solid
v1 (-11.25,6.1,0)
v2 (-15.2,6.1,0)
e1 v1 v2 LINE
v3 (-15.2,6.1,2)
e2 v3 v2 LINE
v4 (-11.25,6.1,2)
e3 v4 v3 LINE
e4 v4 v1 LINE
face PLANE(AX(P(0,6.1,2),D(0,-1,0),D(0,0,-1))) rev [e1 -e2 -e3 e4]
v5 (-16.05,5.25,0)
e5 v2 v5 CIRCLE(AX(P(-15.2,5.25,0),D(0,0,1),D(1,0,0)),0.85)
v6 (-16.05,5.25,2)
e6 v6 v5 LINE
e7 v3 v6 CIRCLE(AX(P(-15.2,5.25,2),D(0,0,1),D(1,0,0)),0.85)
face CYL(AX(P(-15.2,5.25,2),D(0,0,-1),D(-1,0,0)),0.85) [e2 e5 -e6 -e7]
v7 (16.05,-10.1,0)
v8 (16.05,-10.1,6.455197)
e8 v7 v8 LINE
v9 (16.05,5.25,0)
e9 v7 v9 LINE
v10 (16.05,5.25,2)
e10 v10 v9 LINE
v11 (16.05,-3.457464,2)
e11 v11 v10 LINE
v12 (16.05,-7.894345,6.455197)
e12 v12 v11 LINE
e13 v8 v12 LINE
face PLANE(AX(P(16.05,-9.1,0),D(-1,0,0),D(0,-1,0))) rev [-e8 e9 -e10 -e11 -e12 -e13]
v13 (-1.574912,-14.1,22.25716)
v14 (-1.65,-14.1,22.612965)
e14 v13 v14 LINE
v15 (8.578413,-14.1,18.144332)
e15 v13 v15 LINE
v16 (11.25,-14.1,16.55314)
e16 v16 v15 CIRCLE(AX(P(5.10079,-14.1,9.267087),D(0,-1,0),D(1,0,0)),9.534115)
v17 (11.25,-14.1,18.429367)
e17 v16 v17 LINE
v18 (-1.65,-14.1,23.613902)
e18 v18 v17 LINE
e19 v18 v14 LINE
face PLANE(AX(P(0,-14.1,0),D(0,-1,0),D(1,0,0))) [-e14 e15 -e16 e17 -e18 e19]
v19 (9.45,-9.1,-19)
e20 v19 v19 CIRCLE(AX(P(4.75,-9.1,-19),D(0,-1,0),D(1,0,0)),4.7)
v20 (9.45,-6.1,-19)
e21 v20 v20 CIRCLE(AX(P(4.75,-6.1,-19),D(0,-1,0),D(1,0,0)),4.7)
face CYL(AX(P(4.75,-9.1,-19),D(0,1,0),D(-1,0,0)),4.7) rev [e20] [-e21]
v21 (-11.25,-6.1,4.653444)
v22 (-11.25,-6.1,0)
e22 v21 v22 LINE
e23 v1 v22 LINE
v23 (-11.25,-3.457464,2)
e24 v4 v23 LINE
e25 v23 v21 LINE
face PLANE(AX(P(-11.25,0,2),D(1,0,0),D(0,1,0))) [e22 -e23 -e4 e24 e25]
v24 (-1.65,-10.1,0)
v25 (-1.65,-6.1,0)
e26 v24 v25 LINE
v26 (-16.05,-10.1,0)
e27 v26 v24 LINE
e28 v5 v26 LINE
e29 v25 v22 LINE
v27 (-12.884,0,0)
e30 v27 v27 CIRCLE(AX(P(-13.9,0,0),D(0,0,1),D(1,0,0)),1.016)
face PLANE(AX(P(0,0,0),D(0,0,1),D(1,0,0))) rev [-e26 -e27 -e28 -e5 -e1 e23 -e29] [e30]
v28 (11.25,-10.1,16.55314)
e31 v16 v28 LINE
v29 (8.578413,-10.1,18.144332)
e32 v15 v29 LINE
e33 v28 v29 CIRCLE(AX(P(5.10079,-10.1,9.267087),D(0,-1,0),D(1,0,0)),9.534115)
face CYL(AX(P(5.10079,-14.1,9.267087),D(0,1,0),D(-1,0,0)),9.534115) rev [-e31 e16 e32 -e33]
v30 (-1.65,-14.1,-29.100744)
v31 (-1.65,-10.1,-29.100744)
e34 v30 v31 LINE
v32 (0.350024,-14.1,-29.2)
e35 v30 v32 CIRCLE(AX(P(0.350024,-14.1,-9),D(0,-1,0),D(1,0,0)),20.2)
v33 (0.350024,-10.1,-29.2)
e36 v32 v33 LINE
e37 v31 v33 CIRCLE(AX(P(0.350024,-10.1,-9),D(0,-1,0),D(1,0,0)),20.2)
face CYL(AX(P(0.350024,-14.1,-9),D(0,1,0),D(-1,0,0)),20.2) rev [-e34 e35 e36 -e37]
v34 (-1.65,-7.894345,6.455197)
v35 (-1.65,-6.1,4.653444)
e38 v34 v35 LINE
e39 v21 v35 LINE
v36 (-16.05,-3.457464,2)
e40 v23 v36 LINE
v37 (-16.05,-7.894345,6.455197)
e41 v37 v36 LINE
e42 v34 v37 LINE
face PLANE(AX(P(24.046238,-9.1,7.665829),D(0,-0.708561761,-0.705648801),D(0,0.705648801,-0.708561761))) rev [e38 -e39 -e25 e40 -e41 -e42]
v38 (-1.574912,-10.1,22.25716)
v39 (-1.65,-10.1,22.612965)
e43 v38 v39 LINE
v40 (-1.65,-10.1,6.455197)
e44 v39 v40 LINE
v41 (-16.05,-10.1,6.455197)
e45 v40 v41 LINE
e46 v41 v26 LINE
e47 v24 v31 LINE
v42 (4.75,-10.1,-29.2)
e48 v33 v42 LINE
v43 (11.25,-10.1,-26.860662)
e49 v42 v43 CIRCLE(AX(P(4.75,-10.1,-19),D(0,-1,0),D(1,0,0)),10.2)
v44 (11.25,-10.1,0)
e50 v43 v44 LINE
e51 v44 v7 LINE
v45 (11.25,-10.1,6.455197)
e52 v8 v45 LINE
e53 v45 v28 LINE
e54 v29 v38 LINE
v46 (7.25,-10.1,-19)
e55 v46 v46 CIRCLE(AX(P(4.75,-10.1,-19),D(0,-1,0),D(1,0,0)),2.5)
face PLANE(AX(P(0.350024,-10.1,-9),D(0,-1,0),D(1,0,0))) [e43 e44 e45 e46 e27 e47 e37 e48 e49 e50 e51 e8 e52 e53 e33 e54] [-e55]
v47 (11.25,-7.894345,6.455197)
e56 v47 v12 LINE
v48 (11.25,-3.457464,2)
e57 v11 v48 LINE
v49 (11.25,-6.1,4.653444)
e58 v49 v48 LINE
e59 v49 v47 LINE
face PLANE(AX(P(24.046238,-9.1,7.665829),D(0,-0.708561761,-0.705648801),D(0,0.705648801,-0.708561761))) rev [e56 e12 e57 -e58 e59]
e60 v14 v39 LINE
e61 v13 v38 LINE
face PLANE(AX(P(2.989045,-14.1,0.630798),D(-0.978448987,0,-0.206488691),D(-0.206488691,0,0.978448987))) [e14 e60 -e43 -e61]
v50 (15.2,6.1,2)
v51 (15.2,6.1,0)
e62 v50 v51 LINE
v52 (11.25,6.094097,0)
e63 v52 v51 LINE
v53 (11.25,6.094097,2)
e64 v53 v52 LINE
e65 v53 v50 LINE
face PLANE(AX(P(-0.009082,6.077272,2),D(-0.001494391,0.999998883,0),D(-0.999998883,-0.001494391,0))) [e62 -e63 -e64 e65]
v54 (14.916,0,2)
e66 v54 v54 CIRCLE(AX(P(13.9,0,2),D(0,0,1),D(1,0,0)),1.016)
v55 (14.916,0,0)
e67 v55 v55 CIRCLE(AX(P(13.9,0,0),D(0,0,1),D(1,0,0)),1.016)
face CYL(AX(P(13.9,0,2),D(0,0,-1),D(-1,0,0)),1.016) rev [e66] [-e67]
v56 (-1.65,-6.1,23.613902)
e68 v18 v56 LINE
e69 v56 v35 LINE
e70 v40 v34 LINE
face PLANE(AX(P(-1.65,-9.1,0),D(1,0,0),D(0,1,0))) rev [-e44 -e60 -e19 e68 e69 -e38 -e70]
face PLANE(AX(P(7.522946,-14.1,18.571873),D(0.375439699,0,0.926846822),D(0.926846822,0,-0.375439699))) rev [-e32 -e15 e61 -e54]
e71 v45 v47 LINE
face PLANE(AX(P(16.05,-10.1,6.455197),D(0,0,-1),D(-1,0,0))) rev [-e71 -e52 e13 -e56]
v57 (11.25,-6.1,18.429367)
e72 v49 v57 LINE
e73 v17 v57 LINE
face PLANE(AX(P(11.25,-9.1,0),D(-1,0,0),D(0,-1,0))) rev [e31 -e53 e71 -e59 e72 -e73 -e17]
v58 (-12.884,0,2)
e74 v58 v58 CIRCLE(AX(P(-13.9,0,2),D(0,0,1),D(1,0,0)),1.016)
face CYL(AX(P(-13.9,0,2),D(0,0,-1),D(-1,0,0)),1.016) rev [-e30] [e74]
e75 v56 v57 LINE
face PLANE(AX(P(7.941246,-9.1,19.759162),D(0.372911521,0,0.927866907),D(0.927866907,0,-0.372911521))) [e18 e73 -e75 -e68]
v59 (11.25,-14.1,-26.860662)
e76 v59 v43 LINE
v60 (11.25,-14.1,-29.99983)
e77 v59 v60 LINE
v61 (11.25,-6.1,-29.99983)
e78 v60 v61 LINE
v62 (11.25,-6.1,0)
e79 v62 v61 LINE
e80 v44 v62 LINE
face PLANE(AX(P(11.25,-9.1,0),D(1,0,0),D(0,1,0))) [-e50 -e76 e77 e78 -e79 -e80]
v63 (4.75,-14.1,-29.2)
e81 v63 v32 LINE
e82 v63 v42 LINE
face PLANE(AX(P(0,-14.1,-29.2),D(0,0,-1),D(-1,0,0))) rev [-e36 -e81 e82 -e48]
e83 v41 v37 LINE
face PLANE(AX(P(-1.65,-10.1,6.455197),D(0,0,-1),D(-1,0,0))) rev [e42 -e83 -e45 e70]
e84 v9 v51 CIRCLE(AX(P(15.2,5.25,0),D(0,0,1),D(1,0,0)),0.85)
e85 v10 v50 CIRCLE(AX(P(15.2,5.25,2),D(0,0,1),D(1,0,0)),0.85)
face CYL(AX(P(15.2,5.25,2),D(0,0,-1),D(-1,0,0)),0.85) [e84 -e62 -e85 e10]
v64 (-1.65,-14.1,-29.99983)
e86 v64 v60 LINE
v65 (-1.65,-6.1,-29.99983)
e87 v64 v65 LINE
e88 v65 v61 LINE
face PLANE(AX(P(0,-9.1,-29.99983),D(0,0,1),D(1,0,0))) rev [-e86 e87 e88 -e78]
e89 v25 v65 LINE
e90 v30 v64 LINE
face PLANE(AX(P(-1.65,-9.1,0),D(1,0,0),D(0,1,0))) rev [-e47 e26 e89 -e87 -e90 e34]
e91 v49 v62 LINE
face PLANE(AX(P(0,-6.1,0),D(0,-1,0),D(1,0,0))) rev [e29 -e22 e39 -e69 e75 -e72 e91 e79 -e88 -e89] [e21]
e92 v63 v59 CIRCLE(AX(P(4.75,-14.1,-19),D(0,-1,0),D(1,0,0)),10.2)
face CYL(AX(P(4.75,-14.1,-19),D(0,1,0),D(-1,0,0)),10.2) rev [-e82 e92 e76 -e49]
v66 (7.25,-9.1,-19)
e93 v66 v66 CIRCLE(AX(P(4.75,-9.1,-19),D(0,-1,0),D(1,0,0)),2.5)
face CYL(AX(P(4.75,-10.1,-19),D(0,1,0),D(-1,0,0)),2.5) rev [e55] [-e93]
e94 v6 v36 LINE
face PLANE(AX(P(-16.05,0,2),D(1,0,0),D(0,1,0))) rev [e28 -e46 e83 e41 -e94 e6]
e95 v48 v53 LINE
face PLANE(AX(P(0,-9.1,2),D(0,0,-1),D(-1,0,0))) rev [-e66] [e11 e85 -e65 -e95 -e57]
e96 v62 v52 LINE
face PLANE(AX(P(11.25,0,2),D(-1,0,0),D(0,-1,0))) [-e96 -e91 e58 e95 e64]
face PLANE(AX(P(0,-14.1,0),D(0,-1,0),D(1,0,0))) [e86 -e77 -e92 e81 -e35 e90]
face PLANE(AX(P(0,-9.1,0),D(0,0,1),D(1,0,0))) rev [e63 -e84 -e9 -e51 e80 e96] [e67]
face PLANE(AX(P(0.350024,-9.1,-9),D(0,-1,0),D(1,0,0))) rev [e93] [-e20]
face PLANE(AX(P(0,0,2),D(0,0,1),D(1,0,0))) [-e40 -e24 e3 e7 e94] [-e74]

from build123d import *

# Parameters (mm, degrees)
SKETCH1_R           = 1.016
BOSS_EXTRUDE1_DEPTH = 2
SKETCH2_R           = 4.7
BOSS_EXTRUDE2_DEPTH = 3
BOSS_EXTRUDE5_DEPTH = 8
BOSS_EXTRUDE6_START = -27.3
BOSS_EXTRUDE6_DEPTH = 32.1
SKETCH4_W           = 22.5
SKETCH4_H           = 14.127681706
CUT_EXTRUDE1_DEPTH  = 7
FILLET1_R           = 0.5
SKETCH5_R           = 2.5
BOSS_EXTRUDE7_DEPTH = 1
SKETCH6_W           = 5.313656685
SKETCH6_H           = 4.599259183
SKETCH6_W_2         = 16.163165117
SKETCH6_H_2         = 5.344557169
CUT_EXTRUDE2_DEPTH  = 5


with BuildPart() as part:
    # Sketch1 → Boss-Extrude1 (new body)
    # profile 1 of 4: a face of its own
    with BuildSketch(Plane.XY):
        with BuildLine():
            Line((-16.05, 5.25), (-16.05, -5.25))
            ThreePointArc((-16.05, -5.25), (-15.801040764, -5.851040764), (-15.2, -6.1))
            Line((-15.2, -6.1), (-11.25, -6.1))
            Line((-11.25, -6.1), (-11.25, 6.1))
            Line((-11.25, 6.1), (-15.2, 6.1))
            ThreePointArc((-15.2, 6.1), (-15.801040764, 5.851040764), (-16.05, 5.25))
        make_face()
        with Locations((-13.9, 0)):
            Circle(SKETCH1_R, mode=Mode.SUBTRACT)
    # profile 2 of 4: a face of its own
    with BuildSketch(Plane.XY):
        with BuildLine():
            Line((16.05, 5.25), (16.05, -5.25))
            ThreePointArc((16.05, -5.25), (15.801040764, -5.851040764), (15.2, -6.1))
            Line((15.2, -6.1), (11.25, -6.1))
            Line((11.25, -6.1), (11.25, 6.094097151))
            Line((11.25, 6.094097151), (15.2, 6.1))
            ThreePointArc((15.2, 6.1), (15.801040764, 5.851040764), (16.05, 5.25))
        make_face()
        with Locations((13.9, 0)):
            Circle(SKETCH1_R, mode=Mode.SUBTRACT)
    # profile 3 of 4: a face of its own
    with BuildSketch(Plane.XY):
        with BuildLine():
            ThreePointArc((15.2, -6.1), (15.801040764, -5.851040764), (16.05, -5.25))
            Line((16.05, -5.25), (16.05, -6.1))
            Line((16.05, -6.1), (15.2, -6.1))
        make_face()
    # profile 4 of 4: a face of its own
    with BuildSketch(Plane.XY):
        with BuildLine():
            ThreePointArc((-16.05, -5.25), (-15.801040764, -5.851040764), (-15.2, -6.1))
            Line((-15.2, -6.1), (-16.05, -6.1))
            Line((-16.05, -6.1), (-16.05, -5.25))
        make_face()
    extrude(amount=BOSS_EXTRUDE1_DEPTH)

    # Sketch2 → Boss-Extrude2 (add)
    with BuildSketch(Plane.XZ.offset(6.1)):
        Polygon((16.05, 2), (11.25, 2), (11.25, 18.429366849), (-1.65, 23.613902023), (-1.65, 2), (-16.05, 2), (-16.05, 0), (-1.65, 0), (-1.65, -29.999830432), (11.25, -29.999830432), (11.25, 0), (16.05, 0), align=None)
        with Locations((4.75, -19)):
            Circle(SKETCH2_R, mode=Mode.SUBTRACT)
    extrude(amount=BOSS_EXTRUDE2_DEPTH)

    # Sketch2<3> → Boss-Extrude5 (add)
    with BuildSketch(Plane.XZ.offset(6.1)):
        with BuildLine():
            ThreePointArc((8.578413339, 18.144332102), (9.979514579, 17.458386729), (11.25, 16.553139508))
            Line((11.25, 16.553139508), (11.25, 18.429366849))
            Line((11.25, 18.429366849), (-1.65, 23.613902023))
            Line((-1.65, 23.613902023), (-1.65, 22.612965014))
            Line((-1.65, 22.612965014), (-1.57491206, 22.257159966))
            Line((-1.57491206, 22.257159966), (8.578413339, 18.144332102))
        make_face()
        with BuildLine():
            ThreePointArc((0.350023778, -29.2), (-0.651218811, -29.175170712), (-1.65, -29.100743889))
            Line((-1.65, -29.100743889), (-1.65, -29.999830432))
            Line((-1.65, -29.999830432), (11.25, -29.999830432))
            Line((11.25, -29.999830432), (11.25, -26.86066155))
            ThreePointArc((11.25, -26.86066155), (8.204073841, -28.597362862), (4.75, -29.2))
            Line((4.75, -29.2), (0.350023778, -29.2))
        make_face()
    extrude(amount=BOSS_EXTRUDE5_DEPTH)

    # Sketch3 → Boss-Extrude6 (add)
    with BuildSketch(Plane(origin=(11.25, 0, 0), x_dir=(0, 0, -1), z_dir=(1, 0, 0)).offset(BOSS_EXTRUDE6_START)):
        Polygon((-7.665828596, -9.1), (-2, -3.457464127), (-2, -9.1), align=None)
    extrude(amount=BOSS_EXTRUDE6_DEPTH)

    # Sketch4 → Cut-Extrude1 (cut)
    with BuildSketch(Plane(origin=(0, -6.1, 0), x_dir=(1, 0, 0), z_dir=(0, 1, 0))):
        with Locations((0, -7.063840853)):
            Rectangle(SKETCH4_W, SKETCH4_H)
    extrude(amount=CUT_EXTRUDE1_DEPTH, mode=Mode.SUBTRACT)

    # Fillet1
    fillet1_edges = [part.edges().sort_by_distance(p)[0] for p in [
        (13.65, -9.1, 7.665828596),
        (-8.85, -9.1, 7.665828596),
    ]]
    fillet(fillet1_edges, radius=FILLET1_R)

    # Sketch5 → Boss-Extrude7 (add)
    with BuildSketch(Plane.XZ.offset(9.1)):
        with BuildLine():
            Line((-1.65, 22.612965014), (-1.65, 6.455196792))
            Line((-1.65, 6.455196792), (-16.05, 6.455196792))
            Line((-16.05, 6.455196792), (-16.05, 0))
            Line((-16.05, 0), (-1.65, 0))
            Line((-1.65, 0), (-1.65, -29.100743889))
            ThreePointArc((-1.65, -29.100743889), (-0.651218811, -29.175170712), (0.350023778, -29.2))
            Line((0.350023778, -29.2), (4.75, -29.2))
            ThreePointArc((4.75, -29.2), (8.204073841, -28.597362862), (11.25, -26.86066155))
            Line((11.25, -26.86066155), (11.25, 0))
            Line((11.25, 0), (16.05, 0))
            Line((16.05, 0), (16.05, 6.455196792))
            Line((16.05, 6.455196792), (11.25, 6.455196792))
            Line((11.25, 6.455196792), (11.25, 16.553139508))
            ThreePointArc((11.25, 16.553139508), (9.979514579, 17.458386729), (8.578413339, 18.144332102))
            Line((8.578413339, 18.144332102), (-1.57491206, 22.257159966))
            Line((-1.57491206, 22.257159966), (-1.65, 22.612965014))
        make_face()
        with Locations((4.75, -19)):
            Circle(SKETCH5_R, mode=Mode.SUBTRACT)
    extrude(amount=BOSS_EXTRUDE7_DEPTH)

    # Sketch6 → Cut-Extrude2 (cut)
    with BuildSketch(Plane.XY.offset(6.455196792)):
        with Locations((13.906828343, -7.800370409)):
            Rectangle(SKETCH6_W, SKETCH6_H)
        with Locations((-9.731582558, -7.427721416)):
            Rectangle(SKETCH6_W_2, SKETCH6_H_2)
    extrude(amount=CUT_EXTRUDE2_DEPTH, mode=Mode.SUBTRACT)


solid = part.part
